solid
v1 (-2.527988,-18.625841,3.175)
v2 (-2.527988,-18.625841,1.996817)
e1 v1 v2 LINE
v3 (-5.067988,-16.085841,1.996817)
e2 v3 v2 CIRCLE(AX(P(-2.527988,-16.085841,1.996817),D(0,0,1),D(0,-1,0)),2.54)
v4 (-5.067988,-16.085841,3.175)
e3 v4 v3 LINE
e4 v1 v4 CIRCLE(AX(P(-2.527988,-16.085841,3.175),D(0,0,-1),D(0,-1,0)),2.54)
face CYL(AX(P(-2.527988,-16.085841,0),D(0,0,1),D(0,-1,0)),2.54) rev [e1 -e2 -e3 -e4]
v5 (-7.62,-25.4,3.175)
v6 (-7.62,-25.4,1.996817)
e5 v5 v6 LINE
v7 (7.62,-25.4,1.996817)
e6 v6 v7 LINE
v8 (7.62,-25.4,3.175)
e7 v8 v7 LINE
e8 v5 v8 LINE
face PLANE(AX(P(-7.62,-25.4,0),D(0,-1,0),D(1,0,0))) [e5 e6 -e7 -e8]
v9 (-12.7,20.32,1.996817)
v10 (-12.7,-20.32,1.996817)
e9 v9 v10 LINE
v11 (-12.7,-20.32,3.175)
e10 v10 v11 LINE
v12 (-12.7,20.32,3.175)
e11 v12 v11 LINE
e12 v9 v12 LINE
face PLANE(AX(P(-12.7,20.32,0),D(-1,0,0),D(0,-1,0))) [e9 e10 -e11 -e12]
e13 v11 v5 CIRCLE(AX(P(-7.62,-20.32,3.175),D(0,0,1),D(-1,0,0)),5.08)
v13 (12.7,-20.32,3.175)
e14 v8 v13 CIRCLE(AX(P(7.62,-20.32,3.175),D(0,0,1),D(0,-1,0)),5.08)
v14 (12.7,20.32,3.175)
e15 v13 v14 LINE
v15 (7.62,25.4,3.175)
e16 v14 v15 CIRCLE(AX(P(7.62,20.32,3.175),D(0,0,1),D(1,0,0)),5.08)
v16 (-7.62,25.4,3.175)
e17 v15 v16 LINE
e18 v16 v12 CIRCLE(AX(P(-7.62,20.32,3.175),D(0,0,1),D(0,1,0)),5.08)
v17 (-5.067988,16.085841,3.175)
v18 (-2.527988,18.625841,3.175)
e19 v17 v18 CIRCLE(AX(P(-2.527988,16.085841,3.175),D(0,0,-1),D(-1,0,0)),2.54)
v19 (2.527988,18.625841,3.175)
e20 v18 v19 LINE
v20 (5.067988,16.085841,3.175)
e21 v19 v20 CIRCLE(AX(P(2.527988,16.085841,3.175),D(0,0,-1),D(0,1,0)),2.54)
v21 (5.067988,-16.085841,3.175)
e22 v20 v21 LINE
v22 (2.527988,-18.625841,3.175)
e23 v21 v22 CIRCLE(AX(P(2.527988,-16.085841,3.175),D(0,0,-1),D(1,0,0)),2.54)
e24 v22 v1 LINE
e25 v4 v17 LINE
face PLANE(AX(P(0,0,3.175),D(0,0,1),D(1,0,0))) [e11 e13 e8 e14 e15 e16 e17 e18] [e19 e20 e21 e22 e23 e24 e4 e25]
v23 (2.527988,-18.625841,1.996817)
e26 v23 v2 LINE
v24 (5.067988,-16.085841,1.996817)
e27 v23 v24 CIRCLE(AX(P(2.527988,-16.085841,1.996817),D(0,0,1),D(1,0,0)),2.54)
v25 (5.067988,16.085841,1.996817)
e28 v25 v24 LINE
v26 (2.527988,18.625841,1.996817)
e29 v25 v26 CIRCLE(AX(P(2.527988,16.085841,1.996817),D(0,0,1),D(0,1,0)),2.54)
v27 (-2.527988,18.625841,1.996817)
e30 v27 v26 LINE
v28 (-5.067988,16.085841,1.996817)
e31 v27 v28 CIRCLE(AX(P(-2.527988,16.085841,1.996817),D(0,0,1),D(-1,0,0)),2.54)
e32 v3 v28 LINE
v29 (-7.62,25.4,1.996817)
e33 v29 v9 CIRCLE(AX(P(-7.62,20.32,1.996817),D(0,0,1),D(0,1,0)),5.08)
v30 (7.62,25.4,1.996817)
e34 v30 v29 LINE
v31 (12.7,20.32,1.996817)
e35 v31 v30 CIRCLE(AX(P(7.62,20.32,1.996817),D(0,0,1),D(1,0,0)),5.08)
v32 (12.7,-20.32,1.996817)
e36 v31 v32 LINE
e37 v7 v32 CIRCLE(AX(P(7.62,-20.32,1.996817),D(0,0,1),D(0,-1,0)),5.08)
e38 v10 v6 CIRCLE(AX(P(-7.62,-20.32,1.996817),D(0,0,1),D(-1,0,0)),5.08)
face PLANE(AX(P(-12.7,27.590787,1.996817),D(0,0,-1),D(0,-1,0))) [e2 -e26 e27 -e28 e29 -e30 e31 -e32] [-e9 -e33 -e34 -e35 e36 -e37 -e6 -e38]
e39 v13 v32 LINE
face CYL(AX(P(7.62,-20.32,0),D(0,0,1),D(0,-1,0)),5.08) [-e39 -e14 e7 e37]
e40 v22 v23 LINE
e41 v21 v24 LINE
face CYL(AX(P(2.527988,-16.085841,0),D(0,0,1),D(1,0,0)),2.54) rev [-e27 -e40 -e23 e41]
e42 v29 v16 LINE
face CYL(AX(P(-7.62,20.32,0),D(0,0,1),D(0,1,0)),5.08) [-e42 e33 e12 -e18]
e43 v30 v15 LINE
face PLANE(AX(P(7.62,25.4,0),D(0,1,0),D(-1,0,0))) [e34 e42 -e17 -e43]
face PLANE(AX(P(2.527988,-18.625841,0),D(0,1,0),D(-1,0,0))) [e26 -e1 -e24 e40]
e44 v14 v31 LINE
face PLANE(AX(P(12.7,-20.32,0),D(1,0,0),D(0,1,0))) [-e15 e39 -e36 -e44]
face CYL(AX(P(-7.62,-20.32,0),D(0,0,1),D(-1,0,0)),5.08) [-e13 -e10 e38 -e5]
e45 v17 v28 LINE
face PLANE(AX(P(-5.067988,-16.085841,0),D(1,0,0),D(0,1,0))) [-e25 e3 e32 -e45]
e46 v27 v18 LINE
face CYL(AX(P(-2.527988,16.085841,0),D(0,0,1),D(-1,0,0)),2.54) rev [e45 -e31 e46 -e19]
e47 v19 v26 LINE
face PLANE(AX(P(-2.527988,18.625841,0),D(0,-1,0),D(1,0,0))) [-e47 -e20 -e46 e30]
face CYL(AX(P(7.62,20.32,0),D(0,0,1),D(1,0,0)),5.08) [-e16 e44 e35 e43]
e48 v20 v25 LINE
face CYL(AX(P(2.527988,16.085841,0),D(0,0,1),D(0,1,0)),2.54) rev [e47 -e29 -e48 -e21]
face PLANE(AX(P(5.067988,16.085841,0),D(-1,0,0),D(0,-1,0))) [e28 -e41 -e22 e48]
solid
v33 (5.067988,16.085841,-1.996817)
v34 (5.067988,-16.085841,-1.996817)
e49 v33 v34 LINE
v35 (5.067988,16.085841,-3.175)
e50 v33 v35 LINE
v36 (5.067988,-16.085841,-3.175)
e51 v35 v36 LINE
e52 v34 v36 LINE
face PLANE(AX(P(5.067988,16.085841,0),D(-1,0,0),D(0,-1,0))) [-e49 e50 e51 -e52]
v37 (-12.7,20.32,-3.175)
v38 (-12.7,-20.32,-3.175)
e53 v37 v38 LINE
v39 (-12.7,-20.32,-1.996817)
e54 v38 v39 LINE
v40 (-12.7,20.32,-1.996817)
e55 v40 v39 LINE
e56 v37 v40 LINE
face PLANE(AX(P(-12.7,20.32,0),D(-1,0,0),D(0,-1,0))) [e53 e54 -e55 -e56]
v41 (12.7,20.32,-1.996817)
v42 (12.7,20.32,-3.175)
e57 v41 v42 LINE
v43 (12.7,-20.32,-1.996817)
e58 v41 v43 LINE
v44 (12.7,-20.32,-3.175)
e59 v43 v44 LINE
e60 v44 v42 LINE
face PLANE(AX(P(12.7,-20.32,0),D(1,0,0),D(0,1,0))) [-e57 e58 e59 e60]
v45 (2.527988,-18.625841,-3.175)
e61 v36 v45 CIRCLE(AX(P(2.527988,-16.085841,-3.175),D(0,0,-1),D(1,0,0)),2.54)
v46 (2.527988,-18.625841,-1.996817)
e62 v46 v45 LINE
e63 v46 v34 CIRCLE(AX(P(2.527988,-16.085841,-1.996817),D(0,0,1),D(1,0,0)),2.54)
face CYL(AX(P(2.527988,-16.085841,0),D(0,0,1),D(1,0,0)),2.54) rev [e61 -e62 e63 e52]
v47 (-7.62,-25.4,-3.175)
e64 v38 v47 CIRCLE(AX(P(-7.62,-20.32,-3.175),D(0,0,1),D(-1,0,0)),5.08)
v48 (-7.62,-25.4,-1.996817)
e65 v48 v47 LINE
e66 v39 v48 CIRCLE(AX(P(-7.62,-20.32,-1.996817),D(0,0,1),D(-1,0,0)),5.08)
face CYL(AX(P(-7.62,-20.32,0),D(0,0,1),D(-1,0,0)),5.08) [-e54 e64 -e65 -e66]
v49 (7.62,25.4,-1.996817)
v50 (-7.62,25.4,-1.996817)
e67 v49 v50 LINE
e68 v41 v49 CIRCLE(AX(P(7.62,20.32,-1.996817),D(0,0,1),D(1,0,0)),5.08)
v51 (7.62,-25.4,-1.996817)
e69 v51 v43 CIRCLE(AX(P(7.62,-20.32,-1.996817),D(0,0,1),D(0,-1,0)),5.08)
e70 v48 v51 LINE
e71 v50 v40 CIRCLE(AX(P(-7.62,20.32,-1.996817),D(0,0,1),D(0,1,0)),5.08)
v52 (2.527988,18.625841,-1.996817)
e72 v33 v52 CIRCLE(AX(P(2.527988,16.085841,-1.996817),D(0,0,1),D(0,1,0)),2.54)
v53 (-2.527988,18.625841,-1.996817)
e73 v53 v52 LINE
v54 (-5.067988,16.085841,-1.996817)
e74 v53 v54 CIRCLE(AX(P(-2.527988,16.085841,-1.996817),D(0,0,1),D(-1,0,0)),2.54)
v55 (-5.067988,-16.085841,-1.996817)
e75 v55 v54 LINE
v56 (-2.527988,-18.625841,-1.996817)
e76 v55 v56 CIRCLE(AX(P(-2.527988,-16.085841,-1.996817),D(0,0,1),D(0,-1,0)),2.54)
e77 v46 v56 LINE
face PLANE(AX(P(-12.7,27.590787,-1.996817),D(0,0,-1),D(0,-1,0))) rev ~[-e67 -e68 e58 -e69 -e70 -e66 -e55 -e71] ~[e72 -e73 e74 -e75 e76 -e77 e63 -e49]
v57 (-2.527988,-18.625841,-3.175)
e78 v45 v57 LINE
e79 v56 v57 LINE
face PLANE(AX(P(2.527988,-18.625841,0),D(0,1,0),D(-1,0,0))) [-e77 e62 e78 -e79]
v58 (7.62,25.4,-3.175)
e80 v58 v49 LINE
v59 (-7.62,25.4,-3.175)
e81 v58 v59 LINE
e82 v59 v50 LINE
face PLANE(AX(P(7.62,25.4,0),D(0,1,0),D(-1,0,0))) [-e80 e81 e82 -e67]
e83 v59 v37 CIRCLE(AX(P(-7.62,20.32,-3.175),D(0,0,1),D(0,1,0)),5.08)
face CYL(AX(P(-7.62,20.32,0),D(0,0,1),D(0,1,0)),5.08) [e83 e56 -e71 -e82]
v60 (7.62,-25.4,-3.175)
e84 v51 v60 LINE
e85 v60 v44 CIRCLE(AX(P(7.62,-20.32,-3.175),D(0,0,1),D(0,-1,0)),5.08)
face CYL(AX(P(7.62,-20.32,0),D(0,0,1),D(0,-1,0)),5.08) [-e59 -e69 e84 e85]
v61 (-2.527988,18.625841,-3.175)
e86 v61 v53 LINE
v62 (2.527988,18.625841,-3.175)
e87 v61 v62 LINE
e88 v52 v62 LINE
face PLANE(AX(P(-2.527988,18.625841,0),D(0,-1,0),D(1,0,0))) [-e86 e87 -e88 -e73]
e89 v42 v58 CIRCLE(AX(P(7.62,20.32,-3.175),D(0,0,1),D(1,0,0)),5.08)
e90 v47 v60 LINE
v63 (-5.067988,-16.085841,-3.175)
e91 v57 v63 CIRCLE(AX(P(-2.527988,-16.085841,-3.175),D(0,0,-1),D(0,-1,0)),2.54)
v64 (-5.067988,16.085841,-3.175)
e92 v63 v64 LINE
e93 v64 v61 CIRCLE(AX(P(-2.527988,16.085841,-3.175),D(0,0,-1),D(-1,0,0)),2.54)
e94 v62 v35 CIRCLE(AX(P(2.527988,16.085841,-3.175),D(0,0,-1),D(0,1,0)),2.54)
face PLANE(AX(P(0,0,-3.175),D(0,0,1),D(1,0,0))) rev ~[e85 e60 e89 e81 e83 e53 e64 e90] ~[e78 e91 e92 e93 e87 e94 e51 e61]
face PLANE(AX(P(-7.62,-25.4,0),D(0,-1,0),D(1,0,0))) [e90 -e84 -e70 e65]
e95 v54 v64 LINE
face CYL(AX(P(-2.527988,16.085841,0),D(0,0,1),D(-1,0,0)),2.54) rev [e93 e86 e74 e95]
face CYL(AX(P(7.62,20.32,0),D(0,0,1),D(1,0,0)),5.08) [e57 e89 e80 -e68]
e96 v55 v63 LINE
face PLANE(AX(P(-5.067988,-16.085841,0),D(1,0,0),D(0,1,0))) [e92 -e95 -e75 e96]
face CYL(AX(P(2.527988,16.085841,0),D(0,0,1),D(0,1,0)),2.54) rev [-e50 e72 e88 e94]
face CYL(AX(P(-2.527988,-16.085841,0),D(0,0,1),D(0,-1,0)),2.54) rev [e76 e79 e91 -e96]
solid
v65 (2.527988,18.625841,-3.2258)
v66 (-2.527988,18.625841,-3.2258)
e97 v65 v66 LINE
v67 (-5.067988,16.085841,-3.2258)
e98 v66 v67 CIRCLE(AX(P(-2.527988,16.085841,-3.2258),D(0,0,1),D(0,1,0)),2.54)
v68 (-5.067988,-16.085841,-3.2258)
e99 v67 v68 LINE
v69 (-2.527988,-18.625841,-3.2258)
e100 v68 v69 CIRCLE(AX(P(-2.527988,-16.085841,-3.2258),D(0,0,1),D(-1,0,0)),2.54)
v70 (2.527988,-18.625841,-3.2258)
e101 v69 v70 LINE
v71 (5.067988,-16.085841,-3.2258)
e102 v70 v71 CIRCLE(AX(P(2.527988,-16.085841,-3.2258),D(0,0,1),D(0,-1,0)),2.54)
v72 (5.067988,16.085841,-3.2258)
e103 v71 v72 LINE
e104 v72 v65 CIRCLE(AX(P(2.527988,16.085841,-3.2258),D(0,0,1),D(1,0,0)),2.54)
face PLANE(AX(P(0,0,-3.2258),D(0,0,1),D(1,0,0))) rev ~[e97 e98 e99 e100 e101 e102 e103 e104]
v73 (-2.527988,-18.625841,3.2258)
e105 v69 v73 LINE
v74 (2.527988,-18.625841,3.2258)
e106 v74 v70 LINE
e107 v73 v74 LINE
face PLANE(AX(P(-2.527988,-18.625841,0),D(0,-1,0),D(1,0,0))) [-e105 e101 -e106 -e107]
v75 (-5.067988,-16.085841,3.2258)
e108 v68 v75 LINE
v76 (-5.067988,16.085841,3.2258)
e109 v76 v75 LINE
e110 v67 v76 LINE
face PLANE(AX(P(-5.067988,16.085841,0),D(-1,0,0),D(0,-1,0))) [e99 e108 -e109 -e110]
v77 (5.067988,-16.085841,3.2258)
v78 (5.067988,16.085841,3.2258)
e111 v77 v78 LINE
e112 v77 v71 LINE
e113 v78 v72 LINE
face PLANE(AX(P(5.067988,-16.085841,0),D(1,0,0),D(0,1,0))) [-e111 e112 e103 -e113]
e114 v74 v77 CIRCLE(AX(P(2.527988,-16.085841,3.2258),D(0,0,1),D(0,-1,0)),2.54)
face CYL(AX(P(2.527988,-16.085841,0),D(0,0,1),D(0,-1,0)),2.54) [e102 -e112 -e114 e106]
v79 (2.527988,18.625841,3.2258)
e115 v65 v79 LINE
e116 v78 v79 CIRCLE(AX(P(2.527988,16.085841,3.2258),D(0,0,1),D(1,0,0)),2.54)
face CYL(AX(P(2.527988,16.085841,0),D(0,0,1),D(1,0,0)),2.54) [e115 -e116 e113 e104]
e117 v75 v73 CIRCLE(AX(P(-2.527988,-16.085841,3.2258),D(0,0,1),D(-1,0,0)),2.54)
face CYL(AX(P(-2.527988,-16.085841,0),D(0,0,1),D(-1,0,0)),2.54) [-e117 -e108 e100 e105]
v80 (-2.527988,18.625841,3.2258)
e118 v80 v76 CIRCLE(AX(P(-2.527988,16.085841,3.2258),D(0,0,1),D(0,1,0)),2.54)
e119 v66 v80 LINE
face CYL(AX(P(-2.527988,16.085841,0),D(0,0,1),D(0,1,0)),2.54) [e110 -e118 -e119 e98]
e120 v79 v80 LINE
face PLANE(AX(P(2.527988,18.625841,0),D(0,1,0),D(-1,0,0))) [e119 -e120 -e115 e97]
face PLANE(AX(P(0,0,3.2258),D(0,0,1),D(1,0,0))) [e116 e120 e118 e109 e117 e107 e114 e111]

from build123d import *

# Parameters (mm, degrees)
F1_DEPTH = 3.175
F2_W     = 55.1815740764
F2_H     = 3.9936336689
F3_DEPTH = 25.4
F4_DEPTH = 3.2258


with BuildPart() as f1:
    # F0 (on Top) → F1 (new body, symmetric)
    with BuildSketch(Plane.XY):
        with BuildLine():
            ThreePointArc((12.7, 20.32), (11.2121024484, 23.9121024484), (7.62, 25.4))
            Line((7.62, 25.4), (-7.62, 25.4))
            ThreePointArc((-7.62, 25.4), (-11.2121024484, 23.9121024484), (-12.7, 20.32))
            Line((-12.7, 20.32), (-12.7, -20.32))
            ThreePointArc((-12.7, -20.32), (-11.2121024484, -23.9121024484), (-7.62, -25.4))
            Line((-7.62, -25.4), (7.62, -25.4))
            ThreePointArc((7.62, -25.4), (11.2121024484, -23.9121024484), (12.7, -20.32))
            Line((12.7, -20.32), (12.7, 20.32))
        make_face()
        with BuildLine():
            Line((-2.5279878332, 18.6258405447), (2.5279878332, 18.6258405447))
            ThreePointArc((2.5279878332, 18.6258405447), (4.3240390574, 17.8818917689), (5.0679878332, 16.0858405447))
            Line((5.0679878332, 16.0858405447), (5.0679878332, -16.0858405447))
            ThreePointArc((5.0679878332, -16.0858405447), (4.3240390574, -17.8818917689), (2.5279878332, -18.6258405447))
            Line((2.5279878332, -18.6258405447), (-2.5279878332, -18.6258405447))
            ThreePointArc((-2.5279878332, -18.6258405447), (-4.3240390574, -17.8818917689), (-5.0679878332, -16.0858405447))
            Line((-5.0679878332, -16.0858405447), (-5.0679878332, 16.0858405447))
            ThreePointArc((-5.0679878332, 16.0858405447), (-4.3240390574, 17.8818917689), (-2.5279878332, 18.6258405447))
        make_face(mode=Mode.SUBTRACT)
    extrude(amount=F1_DEPTH, both=True)

    # F2 (on face) → F3 (cut)
    with BuildSketch(Plane(origin=(-12.7, 0, 0), x_dir=(0, -1, 0), z_dir=(-1, 0, 0))):
        Rectangle(F2_W, F2_H)
    extrude(amount=-F3_DEPTH, mode=Mode.SUBTRACT)


with BuildPart() as f4:
    # F0 (on Top) → F4 (new body, symmetric)
    with BuildSketch(Plane.XY):
        with BuildLine():
            ThreePointArc((5.0679878332, 16.0858405447), (4.3240390574, 17.8818917689), (2.5279878332, 18.6258405447))
            Line((2.5279878332, 18.6258405447), (-2.5279878332, 18.6258405447))
            ThreePointArc((-2.5279878332, 18.6258405447), (-4.3240390574, 17.8818917689), (-5.0679878332, 16.0858405447))
            Line((-5.0679878332, 16.0858405447), (-5.0679878332, -16.0858405447))
            ThreePointArc((-5.0679878332, -16.0858405447), (-4.3240390574, -17.8818917689), (-2.5279878332, -18.6258405447))
            Line((-2.5279878332, -18.6258405447), (2.5279878332, -18.6258405447))
            ThreePointArc((2.5279878332, -18.6258405447), (4.3240390574, -17.8818917689), (5.0679878332, -16.0858405447))
            Line((5.0679878332, -16.0858405447), (5.0679878332, 16.0858405447))
        make_face()
    extrude(amount=F4_DEPTH, both=True)


solid = Compound([f1.part, f4.part])
